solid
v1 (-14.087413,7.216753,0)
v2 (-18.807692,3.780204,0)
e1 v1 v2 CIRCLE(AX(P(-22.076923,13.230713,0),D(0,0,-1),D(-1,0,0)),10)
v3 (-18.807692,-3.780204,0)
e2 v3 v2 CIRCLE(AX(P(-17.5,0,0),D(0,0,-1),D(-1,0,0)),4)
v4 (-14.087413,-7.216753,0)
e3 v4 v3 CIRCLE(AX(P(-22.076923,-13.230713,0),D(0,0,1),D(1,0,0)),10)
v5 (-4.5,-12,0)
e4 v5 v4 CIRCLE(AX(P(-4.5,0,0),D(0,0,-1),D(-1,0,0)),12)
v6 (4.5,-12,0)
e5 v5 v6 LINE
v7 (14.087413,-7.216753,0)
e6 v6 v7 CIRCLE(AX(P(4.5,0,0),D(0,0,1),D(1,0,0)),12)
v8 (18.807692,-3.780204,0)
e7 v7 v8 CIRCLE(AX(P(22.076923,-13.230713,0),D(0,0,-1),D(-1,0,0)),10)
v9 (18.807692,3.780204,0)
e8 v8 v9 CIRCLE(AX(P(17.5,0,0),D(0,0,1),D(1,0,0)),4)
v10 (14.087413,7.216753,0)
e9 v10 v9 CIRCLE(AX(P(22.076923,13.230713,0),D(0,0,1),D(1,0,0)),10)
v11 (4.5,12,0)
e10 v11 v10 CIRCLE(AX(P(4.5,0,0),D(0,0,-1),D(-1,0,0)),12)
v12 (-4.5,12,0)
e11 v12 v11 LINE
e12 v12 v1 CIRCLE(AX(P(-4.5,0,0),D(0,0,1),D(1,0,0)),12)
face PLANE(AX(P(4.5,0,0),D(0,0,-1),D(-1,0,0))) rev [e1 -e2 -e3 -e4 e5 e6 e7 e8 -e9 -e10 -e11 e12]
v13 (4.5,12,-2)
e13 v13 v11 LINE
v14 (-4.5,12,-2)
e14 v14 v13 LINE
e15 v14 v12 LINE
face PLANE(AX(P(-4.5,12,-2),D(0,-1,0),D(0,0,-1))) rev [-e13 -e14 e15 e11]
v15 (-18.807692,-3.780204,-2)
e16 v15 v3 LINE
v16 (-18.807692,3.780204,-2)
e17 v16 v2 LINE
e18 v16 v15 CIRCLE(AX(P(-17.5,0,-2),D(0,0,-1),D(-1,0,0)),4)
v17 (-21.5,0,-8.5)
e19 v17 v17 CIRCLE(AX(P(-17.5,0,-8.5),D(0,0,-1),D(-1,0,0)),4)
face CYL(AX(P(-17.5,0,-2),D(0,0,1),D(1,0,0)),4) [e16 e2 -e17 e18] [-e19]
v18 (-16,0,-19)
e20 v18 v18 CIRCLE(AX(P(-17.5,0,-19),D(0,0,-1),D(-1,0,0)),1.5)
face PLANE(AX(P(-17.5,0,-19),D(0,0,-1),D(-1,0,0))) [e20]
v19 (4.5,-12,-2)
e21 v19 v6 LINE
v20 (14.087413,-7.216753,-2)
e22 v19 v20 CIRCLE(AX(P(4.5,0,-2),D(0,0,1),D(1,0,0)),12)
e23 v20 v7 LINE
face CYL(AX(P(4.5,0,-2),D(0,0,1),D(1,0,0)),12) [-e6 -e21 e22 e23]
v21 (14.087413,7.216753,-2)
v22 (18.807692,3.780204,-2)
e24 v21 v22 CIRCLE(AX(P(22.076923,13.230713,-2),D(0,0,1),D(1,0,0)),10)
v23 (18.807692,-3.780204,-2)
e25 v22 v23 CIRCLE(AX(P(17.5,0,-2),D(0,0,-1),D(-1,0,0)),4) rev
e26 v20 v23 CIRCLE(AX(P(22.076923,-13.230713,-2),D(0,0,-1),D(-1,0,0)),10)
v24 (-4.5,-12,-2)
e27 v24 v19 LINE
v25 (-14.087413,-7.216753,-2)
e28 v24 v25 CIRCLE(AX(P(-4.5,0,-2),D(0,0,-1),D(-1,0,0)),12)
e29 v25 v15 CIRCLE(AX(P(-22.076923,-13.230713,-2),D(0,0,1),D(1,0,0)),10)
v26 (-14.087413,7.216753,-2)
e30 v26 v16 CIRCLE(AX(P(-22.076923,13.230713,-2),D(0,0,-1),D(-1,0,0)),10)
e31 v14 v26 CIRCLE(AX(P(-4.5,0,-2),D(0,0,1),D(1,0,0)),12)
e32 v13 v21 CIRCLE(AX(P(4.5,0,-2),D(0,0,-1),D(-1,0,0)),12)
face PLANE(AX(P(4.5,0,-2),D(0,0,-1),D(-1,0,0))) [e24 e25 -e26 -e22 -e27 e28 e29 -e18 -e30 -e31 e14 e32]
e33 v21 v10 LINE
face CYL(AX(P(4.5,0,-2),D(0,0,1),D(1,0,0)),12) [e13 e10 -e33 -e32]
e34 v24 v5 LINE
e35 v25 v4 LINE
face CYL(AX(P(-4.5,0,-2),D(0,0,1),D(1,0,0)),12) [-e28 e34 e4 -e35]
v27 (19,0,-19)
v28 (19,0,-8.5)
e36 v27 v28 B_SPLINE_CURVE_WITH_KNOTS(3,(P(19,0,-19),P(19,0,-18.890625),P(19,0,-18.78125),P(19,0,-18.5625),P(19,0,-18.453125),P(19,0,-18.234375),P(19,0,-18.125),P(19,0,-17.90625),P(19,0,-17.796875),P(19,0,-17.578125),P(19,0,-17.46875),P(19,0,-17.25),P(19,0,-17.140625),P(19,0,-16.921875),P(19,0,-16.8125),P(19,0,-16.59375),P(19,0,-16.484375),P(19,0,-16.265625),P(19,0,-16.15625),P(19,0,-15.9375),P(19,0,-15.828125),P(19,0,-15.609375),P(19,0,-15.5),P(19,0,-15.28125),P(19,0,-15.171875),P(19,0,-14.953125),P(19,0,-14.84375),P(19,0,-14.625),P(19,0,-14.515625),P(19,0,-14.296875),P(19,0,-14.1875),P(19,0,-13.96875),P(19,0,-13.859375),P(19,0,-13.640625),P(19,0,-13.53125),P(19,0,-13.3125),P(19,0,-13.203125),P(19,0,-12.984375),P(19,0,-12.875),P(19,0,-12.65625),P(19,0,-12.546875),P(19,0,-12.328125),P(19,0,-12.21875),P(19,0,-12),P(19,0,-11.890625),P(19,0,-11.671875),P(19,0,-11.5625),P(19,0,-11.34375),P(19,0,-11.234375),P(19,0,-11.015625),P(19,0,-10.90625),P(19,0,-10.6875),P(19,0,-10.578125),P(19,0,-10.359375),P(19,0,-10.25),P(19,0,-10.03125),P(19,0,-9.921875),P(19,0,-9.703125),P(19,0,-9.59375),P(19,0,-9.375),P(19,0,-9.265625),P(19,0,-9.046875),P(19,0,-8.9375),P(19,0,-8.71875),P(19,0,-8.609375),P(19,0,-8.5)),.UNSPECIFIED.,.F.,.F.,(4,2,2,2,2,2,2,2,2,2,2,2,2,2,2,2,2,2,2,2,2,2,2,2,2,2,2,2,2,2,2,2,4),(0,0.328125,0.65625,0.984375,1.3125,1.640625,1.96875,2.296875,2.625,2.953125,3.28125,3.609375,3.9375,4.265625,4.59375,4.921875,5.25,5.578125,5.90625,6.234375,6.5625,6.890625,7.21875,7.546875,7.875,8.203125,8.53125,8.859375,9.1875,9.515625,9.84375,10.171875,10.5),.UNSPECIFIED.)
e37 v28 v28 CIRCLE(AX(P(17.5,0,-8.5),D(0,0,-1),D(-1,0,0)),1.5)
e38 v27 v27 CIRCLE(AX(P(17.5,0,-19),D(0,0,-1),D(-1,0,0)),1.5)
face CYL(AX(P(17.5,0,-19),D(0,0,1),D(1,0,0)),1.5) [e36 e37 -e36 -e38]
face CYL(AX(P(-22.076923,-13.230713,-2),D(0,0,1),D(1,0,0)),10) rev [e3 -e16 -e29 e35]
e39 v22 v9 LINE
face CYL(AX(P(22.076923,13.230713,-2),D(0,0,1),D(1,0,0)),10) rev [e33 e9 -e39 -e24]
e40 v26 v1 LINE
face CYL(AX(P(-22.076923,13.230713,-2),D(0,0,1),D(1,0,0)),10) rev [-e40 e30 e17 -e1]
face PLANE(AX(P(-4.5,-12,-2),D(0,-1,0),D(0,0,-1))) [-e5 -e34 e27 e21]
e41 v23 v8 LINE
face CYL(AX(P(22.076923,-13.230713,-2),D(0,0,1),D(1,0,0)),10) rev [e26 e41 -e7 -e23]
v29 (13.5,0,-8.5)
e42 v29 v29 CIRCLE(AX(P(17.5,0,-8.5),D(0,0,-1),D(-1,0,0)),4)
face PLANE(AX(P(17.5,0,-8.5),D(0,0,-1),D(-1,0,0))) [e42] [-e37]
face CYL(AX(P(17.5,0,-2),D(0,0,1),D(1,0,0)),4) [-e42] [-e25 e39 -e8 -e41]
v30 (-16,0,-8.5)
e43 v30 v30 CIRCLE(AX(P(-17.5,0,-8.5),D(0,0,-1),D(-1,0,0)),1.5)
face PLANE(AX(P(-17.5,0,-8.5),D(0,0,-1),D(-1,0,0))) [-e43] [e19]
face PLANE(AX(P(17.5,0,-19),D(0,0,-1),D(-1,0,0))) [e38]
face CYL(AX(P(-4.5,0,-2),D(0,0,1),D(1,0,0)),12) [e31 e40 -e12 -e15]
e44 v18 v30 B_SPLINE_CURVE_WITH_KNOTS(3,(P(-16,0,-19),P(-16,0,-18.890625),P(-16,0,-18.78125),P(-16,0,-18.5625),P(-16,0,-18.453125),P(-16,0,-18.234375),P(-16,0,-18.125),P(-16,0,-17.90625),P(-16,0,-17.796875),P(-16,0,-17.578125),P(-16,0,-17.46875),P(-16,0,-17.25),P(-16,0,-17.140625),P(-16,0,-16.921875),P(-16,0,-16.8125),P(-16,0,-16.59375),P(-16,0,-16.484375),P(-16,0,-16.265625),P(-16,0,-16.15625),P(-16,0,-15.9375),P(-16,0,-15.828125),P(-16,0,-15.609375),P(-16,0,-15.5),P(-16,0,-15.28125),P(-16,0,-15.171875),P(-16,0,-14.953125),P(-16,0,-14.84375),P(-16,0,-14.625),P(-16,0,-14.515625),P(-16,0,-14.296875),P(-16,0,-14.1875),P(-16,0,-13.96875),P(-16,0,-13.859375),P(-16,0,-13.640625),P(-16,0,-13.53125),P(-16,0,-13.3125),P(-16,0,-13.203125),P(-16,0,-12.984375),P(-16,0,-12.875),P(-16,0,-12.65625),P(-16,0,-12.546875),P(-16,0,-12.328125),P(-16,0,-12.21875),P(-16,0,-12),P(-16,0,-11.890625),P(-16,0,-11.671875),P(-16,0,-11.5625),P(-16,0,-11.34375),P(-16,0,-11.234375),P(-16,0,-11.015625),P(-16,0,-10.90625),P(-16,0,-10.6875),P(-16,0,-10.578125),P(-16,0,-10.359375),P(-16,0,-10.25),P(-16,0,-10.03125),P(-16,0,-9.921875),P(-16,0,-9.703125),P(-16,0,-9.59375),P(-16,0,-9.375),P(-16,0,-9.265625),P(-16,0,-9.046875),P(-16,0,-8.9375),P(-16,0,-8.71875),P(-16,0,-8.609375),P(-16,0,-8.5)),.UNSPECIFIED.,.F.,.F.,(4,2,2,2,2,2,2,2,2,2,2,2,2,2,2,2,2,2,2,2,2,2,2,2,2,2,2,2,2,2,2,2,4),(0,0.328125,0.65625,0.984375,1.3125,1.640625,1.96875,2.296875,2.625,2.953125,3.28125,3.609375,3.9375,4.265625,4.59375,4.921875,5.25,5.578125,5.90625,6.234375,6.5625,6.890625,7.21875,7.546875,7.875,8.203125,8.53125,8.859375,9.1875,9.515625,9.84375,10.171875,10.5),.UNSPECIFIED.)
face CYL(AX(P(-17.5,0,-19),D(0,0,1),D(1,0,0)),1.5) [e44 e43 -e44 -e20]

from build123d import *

# Parameters (mm, degrees)
EXTRUDE_1_DEPTH = 2
SKETCH_2_R      = 4
EXTRUDE_2_DEPTH = 6.5
SKETCH_3_R      = 1.5
EXTRUDE_3_DEPTH = 10.5


with BuildPart() as part:
    # 草图1 → 凸台-拉伸1 (new body)
    with BuildSketch(Plane.XY):
        with BuildLine():
            Line((-4.5, 12), (4.5, 12))
            ThreePointArc((4.5, 12), (9.857189903, 10.7378078), (14.087412587, 7.216752724))
            ThreePointArc((14.087412587, 7.216752724), (16.191153731, 5.146301215), (18.807692308, 3.780203808))
            ThreePointArc((18.807692308, 3.780203808), (21.5, 0), (18.807692308, -3.780203808))
            ThreePointArc((18.807692308, -3.780203808), (16.191153731, -5.146301215), (14.087412587, -7.216752724))
            ThreePointArc((14.087412587, -7.216752724), (9.857189903, -10.7378078), (4.5, -12))
            Line((4.5, -12), (-4.5, -12))
            ThreePointArc((-4.5, -12), (-9.857189903, -10.7378078), (-14.087412587, -7.216752724))
            ThreePointArc((-14.087412587, -7.216752724), (-16.191153731, -5.146301215), (-18.807692308, -3.780203808))
            ThreePointArc((-18.807692308, -3.780203808), (-21.5, 0), (-18.807692308, 3.780203808))
            ThreePointArc((-18.807692308, 3.780203808), (-16.191153731, 5.146301215), (-14.087412587, 7.216752724))
            ThreePointArc((-14.087412587, 7.216752724), (-9.857189903, 10.7378078), (-4.5, 12))
        make_face()
    extrude(amount=-EXTRUDE_1_DEPTH)

    # 草图2 → 凸台-拉伸2 (add)
    with BuildSketch(Plane(origin=(0, 0, -2), x_dir=(-1, 0, 0), z_dir=(0, 0, -1))):
        with Locations(Location((17.5, 0, 0), (0, 0, 289.082124804))):
            Circle(SKETCH_2_R)
        with Locations(Location((-17.5, 0, 0), (0, 0, 250.917875196))):
            Circle(SKETCH_2_R)
    extrude(amount=EXTRUDE_2_DEPTH)

    # 草图3 → 凸台-拉伸3 (add)
    with BuildSketch(Plane(origin=(0, 0, -8.5), x_dir=(-1, 0, 0), z_dir=(0, 0, -1))):
        with Locations(Location((17.5, 0, 0), (0, 0, 180))):
            Circle(SKETCH_3_R)
        with Locations(Location((-17.5, 0, 0), (0, 0, 180))):
            Circle(SKETCH_3_R)
    extrude(amount=EXTRUDE_3_DEPTH)


solid = part.part
